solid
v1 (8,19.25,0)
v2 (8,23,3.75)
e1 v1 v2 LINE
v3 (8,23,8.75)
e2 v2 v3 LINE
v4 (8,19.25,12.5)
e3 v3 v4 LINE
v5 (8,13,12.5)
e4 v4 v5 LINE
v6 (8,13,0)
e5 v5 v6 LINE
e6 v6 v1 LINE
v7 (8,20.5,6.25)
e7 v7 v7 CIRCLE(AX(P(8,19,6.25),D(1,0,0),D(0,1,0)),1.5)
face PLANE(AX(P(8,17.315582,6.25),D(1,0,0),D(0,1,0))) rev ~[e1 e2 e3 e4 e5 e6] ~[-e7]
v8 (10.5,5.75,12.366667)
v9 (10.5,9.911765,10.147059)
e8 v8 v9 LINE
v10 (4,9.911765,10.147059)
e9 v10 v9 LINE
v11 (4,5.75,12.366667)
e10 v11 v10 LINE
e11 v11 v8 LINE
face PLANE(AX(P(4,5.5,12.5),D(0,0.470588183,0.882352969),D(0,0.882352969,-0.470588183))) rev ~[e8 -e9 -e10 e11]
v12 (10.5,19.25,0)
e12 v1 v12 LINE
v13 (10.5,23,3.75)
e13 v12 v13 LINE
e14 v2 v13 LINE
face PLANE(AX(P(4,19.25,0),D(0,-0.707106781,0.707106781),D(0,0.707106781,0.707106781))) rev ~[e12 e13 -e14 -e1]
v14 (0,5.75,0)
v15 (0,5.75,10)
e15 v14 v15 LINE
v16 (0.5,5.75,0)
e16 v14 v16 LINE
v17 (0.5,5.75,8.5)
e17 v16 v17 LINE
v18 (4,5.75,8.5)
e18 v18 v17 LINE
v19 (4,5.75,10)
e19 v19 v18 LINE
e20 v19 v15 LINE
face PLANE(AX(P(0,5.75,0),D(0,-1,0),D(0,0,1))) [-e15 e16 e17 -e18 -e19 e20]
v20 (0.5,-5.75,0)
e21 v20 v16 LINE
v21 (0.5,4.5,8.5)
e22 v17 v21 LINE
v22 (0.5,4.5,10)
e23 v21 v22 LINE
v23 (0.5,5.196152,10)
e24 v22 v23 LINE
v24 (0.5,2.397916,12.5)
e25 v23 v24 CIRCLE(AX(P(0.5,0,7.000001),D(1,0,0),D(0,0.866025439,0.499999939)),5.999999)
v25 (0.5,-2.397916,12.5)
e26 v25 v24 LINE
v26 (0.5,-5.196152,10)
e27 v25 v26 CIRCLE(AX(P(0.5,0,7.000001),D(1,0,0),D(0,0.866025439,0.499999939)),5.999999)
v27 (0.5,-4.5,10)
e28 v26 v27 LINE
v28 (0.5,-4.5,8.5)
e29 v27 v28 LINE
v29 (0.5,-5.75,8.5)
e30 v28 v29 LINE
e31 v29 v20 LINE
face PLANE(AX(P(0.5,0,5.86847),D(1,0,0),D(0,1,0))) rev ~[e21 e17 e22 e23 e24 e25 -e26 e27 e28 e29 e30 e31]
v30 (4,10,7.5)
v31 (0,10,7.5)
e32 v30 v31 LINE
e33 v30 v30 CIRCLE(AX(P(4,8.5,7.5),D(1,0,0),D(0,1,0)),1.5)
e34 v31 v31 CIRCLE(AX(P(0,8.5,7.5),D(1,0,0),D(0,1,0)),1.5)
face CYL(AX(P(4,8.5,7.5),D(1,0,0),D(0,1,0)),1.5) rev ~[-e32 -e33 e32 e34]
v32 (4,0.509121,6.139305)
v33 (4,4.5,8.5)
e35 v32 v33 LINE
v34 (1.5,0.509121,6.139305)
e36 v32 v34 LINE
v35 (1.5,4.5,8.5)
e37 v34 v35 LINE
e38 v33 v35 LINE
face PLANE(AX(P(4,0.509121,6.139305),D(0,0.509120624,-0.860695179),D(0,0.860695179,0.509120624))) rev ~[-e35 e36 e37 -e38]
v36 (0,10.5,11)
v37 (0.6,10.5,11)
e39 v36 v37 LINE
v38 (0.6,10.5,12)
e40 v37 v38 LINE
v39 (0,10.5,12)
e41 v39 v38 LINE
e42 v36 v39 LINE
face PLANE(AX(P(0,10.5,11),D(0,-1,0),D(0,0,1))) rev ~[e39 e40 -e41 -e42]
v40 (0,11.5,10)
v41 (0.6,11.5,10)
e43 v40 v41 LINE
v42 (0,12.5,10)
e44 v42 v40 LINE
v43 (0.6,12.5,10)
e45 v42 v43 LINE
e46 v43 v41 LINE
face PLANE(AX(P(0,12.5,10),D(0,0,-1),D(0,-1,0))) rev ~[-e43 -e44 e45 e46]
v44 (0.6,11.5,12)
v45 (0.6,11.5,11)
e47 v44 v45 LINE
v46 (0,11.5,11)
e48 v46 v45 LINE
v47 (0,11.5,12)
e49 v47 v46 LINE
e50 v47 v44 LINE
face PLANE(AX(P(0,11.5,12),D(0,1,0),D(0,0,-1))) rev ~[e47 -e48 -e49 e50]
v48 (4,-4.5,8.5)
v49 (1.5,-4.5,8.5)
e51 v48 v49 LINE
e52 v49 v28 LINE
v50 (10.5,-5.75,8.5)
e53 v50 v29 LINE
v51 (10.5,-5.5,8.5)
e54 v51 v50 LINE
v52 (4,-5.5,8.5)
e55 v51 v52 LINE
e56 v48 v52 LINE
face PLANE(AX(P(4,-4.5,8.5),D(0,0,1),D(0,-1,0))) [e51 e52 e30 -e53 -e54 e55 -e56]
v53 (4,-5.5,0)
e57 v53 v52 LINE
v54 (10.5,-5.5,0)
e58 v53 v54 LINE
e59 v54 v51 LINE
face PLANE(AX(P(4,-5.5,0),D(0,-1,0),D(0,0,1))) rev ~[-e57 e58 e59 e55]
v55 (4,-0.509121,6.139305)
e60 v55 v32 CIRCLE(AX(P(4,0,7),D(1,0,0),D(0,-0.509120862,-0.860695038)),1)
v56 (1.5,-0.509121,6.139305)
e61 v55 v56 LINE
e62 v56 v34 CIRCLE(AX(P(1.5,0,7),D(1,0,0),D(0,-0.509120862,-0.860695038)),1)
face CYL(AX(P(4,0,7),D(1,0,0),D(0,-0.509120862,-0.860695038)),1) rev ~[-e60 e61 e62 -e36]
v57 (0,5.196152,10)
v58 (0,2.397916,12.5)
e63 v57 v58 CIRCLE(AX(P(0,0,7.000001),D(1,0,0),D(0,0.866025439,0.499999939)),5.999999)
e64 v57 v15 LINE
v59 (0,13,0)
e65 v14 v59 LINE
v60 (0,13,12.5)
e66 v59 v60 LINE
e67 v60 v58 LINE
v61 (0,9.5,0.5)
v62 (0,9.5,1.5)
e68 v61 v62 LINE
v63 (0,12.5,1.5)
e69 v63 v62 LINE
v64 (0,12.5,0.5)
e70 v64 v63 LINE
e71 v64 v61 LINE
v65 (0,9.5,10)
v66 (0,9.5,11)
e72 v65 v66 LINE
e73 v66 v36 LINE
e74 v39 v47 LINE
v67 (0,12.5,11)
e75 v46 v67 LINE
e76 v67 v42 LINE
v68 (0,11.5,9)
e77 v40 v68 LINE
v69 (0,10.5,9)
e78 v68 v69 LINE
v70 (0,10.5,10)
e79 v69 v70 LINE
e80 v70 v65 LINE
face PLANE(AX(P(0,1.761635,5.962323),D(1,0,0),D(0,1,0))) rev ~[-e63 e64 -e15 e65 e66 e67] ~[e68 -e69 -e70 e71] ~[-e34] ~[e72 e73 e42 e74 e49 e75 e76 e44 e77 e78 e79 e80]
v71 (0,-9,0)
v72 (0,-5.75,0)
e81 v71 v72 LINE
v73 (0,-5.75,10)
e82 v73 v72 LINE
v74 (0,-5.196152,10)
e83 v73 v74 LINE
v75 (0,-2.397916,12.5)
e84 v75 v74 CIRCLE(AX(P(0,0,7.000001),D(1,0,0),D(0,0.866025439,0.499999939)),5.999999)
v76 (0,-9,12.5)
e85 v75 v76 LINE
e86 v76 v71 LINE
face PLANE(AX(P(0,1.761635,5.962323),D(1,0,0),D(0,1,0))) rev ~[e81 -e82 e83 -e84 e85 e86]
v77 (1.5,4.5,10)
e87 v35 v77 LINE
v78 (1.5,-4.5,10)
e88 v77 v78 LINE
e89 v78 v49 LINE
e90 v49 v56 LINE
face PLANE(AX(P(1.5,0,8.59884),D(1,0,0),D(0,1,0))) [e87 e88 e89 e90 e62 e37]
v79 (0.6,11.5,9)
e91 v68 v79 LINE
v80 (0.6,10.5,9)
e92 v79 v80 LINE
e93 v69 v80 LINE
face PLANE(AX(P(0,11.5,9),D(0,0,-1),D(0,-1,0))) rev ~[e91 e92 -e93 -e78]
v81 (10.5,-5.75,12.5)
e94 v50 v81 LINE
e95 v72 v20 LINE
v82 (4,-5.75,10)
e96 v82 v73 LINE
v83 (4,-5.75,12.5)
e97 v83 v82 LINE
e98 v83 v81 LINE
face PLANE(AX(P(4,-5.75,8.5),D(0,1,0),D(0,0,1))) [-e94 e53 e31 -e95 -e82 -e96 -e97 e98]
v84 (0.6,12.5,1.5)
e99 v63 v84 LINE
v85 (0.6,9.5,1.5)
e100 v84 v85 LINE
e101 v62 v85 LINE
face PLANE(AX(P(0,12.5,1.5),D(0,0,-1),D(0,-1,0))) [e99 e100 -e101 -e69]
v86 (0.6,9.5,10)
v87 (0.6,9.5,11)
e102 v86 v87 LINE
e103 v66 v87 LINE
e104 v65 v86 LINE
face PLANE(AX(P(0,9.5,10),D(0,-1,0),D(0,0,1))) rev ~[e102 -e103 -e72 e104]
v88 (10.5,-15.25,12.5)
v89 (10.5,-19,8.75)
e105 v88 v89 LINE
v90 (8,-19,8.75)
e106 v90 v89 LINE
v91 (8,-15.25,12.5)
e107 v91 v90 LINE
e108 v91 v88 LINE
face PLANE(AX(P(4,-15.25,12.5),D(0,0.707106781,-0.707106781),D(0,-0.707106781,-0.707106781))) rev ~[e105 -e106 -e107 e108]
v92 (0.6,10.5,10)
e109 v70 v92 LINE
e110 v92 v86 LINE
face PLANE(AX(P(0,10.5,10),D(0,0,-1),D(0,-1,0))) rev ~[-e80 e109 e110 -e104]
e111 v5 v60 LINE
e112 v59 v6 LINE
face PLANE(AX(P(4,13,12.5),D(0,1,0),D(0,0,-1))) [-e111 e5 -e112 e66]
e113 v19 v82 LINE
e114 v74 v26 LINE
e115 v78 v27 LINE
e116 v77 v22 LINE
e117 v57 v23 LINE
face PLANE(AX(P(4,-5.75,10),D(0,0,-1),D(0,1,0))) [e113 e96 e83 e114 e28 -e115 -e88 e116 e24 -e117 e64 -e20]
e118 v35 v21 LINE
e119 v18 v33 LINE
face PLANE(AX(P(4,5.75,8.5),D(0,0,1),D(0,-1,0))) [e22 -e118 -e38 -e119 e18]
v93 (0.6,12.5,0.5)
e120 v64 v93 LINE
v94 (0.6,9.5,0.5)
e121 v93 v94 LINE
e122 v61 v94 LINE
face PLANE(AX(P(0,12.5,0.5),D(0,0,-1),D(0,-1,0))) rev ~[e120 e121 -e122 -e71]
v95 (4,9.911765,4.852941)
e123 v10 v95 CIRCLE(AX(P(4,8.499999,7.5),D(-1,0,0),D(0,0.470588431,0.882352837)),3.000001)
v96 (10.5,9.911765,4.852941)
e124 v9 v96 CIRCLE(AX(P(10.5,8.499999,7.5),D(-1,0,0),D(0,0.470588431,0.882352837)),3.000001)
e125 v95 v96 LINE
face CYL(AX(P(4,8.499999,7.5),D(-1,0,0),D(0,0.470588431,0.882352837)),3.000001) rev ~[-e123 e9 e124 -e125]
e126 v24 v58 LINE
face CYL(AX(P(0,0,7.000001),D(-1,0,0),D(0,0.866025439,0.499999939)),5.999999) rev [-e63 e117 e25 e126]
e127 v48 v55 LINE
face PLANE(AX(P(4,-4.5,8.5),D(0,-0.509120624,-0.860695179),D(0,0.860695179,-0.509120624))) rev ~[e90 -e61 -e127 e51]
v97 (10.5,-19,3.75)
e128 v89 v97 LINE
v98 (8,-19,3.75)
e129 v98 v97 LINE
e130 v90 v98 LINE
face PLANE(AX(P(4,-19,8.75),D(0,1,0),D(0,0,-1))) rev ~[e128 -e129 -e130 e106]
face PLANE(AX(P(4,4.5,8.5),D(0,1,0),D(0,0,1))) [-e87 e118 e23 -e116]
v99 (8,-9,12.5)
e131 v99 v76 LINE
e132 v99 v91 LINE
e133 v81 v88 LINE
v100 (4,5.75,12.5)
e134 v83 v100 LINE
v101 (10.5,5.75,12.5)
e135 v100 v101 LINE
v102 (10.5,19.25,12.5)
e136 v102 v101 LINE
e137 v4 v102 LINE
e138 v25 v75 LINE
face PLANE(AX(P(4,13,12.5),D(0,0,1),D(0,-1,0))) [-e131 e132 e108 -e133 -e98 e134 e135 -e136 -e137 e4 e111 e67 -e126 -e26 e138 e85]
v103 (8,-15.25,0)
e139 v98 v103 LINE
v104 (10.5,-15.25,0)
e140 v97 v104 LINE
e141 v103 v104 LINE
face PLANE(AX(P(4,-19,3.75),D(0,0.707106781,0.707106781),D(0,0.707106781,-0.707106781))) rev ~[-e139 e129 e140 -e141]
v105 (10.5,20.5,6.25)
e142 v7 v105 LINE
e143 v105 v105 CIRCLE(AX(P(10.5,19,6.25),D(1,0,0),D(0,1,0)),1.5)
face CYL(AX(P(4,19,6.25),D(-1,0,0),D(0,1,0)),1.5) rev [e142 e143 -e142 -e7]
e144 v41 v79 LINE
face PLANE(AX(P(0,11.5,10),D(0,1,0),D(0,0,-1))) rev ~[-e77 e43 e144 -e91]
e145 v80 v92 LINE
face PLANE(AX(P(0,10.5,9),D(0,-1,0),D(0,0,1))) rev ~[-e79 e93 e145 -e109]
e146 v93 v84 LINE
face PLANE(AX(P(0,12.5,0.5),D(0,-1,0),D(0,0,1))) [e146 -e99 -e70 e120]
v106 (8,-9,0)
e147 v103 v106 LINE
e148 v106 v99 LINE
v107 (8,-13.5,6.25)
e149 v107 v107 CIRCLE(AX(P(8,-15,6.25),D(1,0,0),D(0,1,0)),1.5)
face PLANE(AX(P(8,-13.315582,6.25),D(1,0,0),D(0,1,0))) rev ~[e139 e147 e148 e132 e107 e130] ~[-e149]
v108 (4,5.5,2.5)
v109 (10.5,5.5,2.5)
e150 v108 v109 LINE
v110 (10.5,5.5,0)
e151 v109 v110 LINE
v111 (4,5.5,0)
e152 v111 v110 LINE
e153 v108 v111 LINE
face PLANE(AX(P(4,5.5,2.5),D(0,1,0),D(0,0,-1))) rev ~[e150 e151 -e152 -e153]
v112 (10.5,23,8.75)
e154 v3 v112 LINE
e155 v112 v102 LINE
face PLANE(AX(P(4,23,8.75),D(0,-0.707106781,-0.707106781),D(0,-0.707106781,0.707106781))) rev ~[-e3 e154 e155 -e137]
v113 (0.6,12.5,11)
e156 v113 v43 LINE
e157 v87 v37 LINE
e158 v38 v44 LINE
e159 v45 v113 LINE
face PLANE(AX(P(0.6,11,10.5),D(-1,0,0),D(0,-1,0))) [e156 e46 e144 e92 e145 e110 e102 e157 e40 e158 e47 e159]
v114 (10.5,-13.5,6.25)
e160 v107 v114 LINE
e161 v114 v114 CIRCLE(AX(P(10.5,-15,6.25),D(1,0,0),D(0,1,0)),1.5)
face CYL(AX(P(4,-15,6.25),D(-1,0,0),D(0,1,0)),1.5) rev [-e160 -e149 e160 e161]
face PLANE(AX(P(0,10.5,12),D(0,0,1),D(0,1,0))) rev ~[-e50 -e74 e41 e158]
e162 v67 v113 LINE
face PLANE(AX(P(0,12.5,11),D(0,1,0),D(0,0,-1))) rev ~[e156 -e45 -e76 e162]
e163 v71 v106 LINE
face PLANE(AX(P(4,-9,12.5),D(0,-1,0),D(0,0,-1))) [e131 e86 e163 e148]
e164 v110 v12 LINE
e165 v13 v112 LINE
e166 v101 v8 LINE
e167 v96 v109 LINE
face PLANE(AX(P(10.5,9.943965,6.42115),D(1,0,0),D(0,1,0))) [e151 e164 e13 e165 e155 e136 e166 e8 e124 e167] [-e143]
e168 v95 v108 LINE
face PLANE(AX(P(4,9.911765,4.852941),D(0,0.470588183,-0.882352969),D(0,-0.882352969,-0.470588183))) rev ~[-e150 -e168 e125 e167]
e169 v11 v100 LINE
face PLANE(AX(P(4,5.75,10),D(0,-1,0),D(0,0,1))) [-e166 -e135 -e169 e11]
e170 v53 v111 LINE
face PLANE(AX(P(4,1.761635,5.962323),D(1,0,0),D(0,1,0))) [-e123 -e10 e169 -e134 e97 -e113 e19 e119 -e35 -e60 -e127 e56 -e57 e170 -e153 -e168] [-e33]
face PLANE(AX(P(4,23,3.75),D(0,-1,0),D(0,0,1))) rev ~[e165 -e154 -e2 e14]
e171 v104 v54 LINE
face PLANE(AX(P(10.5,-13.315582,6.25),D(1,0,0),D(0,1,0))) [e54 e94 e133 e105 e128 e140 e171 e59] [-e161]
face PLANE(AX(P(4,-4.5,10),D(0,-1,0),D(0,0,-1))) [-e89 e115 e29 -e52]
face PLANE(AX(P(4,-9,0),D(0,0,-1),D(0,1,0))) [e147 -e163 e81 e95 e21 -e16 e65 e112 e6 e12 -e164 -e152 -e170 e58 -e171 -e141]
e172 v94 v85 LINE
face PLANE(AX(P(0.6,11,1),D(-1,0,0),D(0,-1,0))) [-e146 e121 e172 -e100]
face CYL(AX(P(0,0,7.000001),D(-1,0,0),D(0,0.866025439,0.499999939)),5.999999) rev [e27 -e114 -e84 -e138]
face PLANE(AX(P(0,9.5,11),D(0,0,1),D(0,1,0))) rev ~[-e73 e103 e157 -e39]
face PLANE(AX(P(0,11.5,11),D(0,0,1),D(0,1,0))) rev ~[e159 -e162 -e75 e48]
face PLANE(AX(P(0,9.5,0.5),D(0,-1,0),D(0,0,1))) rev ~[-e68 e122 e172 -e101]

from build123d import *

# Parameters (mm, degrees)
F3_R      = 1.5
F3_W      = 3.5
F3_H      = 12.5
F4_DEPTH  = 6.5
F5_R      = 1.5
F6_DEPTH  = 4
F7_DEPTH  = 2.5
F8_DEPTH  = 4
F5_W      = 1.25
F5_H      = 1.5
F9_DEPTH  = 25
F10_W     = 3
F10_H     = 1
F11_DEPTH = 0.6
F12_DEPTH = 0.5


with BuildPart() as f4:
    # F3 (on offset) → F4 (new body)
    with BuildSketch(Plane.YZ.offset(4)):
        Polygon((-15.25, 0), (-9, 0), (-9, 12.5), (-15.25, 12.5), (-19, 8.75), (-19, 3.75), align=None)
        with Locations((-15, 6.25)):
            Circle(F3_R, mode=Mode.SUBTRACT)
        with Locations((-7.25, 6.25)):
            Rectangle(F3_W, F3_H)
        with BuildLine():
            Line((5.5, 0), (13, 0))
            Line((13, 0), (13, 12.5))
            Line((13, 12.5), (5.5, 12.5))
            Line((5.5, 12.5), (9.911765, 10.147059))
            ThreePointArc((9.911765, 10.147059), (11.5, 7.5), (9.911765, 4.852941))
            Line((9.911765, 4.852941), (5.5, 2.5))
            Line((5.5, 2.5), (5.5, 0))
        make_face()
        Polygon((13, 12.5), (13, 0), (19.25, 0), (23, 3.75), (23, 8.75), (19.25, 12.5), align=None)
        with Locations((19, 6.25)):
            Circle(F3_R, mode=Mode.SUBTRACT)
    extrude(amount=F4_DEPTH)

    # F5 (on offset) → F6 (join, through all)
    with BuildSketch(Plane.YZ.offset(4)):
        with BuildLine():
            Line((-5.75, 10), (-5.75, 12.5))
            Line((-5.75, 12.5), (-9, 12.5))
            Line((-9, 12.5), (-9, 0))
            Line((-9, 0), (13, 0))
            Line((13, 0), (13, 12.5))
            Line((13, 12.5), (5.75, 12.5))
            Line((5.75, 12.5), (5.75, 10))
            Line((5.75, 10), (5.75, 8.5))
            Line((5.75, 8.5), (4.5, 8.5))
            Line((4.5, 8.5), (0.509121, 6.139305))
            ThreePointArc((0.509121, 6.139305), (0, 6), (-0.509121, 6.139305))
            Line((-0.509121, 6.139305), (-4.5, 8.5))
            Line((-4.5, 8.5), (-5.75, 8.5))
            Line((-5.75, 8.5), (-5.75, 10))
        make_face()
        with Locations((8.5, 7.5)):
            Circle(F5_R, mode=Mode.SUBTRACT)
        Polygon((5.75, 12.5), (-5.75, 12.5), (-5.75, 10), (-4.5, 10), (4.5, 10), (5.75, 10), align=None)
        with BuildLine():
            Line((4.5, 10), (-4.5, 10))
            Line((-4.5, 10), (-4.5, 8.5))
            Line((-4.5, 8.5), (-0.509121, 6.139305))
            ThreePointArc((-0.509121, 6.139305), (0, 6), (0.509121, 6.139305))
            Line((0.509121, 6.139305), (4.5, 8.5))
            Line((4.5, 8.5), (4.5, 10))
        make_face()
    extrude(amount=-F6_DEPTH)

    # F5 (on offset) → F7 (cut)
    with BuildSketch(Plane.YZ.offset(4)):
        with BuildLine():
            Line((4.5, 10), (-4.5, 10))
            Line((-4.5, 10), (-4.5, 8.5))
            Line((-4.5, 8.5), (-0.509121, 6.139305))
            ThreePointArc((-0.509121, 6.139305), (0, 6), (0.509121, 6.139305))
            Line((0.509121, 6.139305), (4.5, 8.5))
            Line((4.5, 8.5), (4.5, 10))
        make_face()
    extrude(amount=-F7_DEPTH, mode=Mode.SUBTRACT)

    # F3 (on offset) → F8 (cut)
    with BuildSketch(Plane.YZ.offset(4)):
        Polygon((-15.25, 0), (-9, 0), (-9, 12.5), (-15.25, 12.5), (-19, 8.75), (-19, 3.75), align=None)
        with Locations((-15, 6.25)):
            Circle(F3_R, mode=Mode.SUBTRACT)
        Polygon((13, 12.5), (13, 0), (19.25, 0), (23, 3.75), (23, 8.75), (19.25, 12.5), align=None)
        with Locations((19, 6.25)):
            Circle(F3_R, mode=Mode.SUBTRACT)
    extrude(amount=F8_DEPTH, mode=Mode.SUBTRACT)

    # F5 (on offset) → F9 (cut)
    with BuildSketch(Plane.YZ.offset(4)):
        Polygon((5.75, 12.5), (-5.75, 12.5), (-5.75, 10), (-4.5, 10), (4.5, 10), (5.75, 10), align=None)
        with Locations((-5.125, 9.25)):
            Rectangle(F5_W, F5_H)
    extrude(amount=F9_DEPTH, mode=Mode.SUBTRACT)

    # F10 (on face) → F11 (cut)
    with BuildSketch(Plane(origin=(0, 0, 0), x_dir=(0, -1, 0), z_dir=(-1, 0, 0))):
        Polygon((-10.5, 12), (-11.5, 12), (-11.5, 11), (-12.5, 11), (-12.5, 10), (-11.5, 10), (-11.5, 9), (-10.5, 9), (-10.5, 10), (-9.5, 10), (-9.5, 11), (-10.5, 11), align=None)
        with Locations((-11, 1)):
            Rectangle(F10_W, F10_H)
    extrude(amount=-F11_DEPTH, mode=Mode.SUBTRACT)

    # F0 (on Right) → F12 (cut)
    with BuildSketch(Plane.YZ):
        with BuildLine():
            Line((-4.5, 8.5), (-5.75, 8.5))
            Line((-5.75, 8.5), (-5.75, 0))
            Line((-5.75, 0), (5.75, 0))
            Line((5.75, 0), (5.75, 8.5))
            Line((5.75, 8.5), (4.5, 8.5))
            Line((4.5, 8.5), (4.5, 10))
            Line((4.5, 10), (5.196152, 10))
            ThreePointArc((5.196152, 10), (0, 13), (-5.196152, 10))
            Line((-5.196152, 10), (-4.5, 10))
            Line((-4.5, 10), (-4.5, 8.5))
        make_face()
    extrude(amount=F12_DEPTH, mode=Mode.SUBTRACT)


solid = f4.part
